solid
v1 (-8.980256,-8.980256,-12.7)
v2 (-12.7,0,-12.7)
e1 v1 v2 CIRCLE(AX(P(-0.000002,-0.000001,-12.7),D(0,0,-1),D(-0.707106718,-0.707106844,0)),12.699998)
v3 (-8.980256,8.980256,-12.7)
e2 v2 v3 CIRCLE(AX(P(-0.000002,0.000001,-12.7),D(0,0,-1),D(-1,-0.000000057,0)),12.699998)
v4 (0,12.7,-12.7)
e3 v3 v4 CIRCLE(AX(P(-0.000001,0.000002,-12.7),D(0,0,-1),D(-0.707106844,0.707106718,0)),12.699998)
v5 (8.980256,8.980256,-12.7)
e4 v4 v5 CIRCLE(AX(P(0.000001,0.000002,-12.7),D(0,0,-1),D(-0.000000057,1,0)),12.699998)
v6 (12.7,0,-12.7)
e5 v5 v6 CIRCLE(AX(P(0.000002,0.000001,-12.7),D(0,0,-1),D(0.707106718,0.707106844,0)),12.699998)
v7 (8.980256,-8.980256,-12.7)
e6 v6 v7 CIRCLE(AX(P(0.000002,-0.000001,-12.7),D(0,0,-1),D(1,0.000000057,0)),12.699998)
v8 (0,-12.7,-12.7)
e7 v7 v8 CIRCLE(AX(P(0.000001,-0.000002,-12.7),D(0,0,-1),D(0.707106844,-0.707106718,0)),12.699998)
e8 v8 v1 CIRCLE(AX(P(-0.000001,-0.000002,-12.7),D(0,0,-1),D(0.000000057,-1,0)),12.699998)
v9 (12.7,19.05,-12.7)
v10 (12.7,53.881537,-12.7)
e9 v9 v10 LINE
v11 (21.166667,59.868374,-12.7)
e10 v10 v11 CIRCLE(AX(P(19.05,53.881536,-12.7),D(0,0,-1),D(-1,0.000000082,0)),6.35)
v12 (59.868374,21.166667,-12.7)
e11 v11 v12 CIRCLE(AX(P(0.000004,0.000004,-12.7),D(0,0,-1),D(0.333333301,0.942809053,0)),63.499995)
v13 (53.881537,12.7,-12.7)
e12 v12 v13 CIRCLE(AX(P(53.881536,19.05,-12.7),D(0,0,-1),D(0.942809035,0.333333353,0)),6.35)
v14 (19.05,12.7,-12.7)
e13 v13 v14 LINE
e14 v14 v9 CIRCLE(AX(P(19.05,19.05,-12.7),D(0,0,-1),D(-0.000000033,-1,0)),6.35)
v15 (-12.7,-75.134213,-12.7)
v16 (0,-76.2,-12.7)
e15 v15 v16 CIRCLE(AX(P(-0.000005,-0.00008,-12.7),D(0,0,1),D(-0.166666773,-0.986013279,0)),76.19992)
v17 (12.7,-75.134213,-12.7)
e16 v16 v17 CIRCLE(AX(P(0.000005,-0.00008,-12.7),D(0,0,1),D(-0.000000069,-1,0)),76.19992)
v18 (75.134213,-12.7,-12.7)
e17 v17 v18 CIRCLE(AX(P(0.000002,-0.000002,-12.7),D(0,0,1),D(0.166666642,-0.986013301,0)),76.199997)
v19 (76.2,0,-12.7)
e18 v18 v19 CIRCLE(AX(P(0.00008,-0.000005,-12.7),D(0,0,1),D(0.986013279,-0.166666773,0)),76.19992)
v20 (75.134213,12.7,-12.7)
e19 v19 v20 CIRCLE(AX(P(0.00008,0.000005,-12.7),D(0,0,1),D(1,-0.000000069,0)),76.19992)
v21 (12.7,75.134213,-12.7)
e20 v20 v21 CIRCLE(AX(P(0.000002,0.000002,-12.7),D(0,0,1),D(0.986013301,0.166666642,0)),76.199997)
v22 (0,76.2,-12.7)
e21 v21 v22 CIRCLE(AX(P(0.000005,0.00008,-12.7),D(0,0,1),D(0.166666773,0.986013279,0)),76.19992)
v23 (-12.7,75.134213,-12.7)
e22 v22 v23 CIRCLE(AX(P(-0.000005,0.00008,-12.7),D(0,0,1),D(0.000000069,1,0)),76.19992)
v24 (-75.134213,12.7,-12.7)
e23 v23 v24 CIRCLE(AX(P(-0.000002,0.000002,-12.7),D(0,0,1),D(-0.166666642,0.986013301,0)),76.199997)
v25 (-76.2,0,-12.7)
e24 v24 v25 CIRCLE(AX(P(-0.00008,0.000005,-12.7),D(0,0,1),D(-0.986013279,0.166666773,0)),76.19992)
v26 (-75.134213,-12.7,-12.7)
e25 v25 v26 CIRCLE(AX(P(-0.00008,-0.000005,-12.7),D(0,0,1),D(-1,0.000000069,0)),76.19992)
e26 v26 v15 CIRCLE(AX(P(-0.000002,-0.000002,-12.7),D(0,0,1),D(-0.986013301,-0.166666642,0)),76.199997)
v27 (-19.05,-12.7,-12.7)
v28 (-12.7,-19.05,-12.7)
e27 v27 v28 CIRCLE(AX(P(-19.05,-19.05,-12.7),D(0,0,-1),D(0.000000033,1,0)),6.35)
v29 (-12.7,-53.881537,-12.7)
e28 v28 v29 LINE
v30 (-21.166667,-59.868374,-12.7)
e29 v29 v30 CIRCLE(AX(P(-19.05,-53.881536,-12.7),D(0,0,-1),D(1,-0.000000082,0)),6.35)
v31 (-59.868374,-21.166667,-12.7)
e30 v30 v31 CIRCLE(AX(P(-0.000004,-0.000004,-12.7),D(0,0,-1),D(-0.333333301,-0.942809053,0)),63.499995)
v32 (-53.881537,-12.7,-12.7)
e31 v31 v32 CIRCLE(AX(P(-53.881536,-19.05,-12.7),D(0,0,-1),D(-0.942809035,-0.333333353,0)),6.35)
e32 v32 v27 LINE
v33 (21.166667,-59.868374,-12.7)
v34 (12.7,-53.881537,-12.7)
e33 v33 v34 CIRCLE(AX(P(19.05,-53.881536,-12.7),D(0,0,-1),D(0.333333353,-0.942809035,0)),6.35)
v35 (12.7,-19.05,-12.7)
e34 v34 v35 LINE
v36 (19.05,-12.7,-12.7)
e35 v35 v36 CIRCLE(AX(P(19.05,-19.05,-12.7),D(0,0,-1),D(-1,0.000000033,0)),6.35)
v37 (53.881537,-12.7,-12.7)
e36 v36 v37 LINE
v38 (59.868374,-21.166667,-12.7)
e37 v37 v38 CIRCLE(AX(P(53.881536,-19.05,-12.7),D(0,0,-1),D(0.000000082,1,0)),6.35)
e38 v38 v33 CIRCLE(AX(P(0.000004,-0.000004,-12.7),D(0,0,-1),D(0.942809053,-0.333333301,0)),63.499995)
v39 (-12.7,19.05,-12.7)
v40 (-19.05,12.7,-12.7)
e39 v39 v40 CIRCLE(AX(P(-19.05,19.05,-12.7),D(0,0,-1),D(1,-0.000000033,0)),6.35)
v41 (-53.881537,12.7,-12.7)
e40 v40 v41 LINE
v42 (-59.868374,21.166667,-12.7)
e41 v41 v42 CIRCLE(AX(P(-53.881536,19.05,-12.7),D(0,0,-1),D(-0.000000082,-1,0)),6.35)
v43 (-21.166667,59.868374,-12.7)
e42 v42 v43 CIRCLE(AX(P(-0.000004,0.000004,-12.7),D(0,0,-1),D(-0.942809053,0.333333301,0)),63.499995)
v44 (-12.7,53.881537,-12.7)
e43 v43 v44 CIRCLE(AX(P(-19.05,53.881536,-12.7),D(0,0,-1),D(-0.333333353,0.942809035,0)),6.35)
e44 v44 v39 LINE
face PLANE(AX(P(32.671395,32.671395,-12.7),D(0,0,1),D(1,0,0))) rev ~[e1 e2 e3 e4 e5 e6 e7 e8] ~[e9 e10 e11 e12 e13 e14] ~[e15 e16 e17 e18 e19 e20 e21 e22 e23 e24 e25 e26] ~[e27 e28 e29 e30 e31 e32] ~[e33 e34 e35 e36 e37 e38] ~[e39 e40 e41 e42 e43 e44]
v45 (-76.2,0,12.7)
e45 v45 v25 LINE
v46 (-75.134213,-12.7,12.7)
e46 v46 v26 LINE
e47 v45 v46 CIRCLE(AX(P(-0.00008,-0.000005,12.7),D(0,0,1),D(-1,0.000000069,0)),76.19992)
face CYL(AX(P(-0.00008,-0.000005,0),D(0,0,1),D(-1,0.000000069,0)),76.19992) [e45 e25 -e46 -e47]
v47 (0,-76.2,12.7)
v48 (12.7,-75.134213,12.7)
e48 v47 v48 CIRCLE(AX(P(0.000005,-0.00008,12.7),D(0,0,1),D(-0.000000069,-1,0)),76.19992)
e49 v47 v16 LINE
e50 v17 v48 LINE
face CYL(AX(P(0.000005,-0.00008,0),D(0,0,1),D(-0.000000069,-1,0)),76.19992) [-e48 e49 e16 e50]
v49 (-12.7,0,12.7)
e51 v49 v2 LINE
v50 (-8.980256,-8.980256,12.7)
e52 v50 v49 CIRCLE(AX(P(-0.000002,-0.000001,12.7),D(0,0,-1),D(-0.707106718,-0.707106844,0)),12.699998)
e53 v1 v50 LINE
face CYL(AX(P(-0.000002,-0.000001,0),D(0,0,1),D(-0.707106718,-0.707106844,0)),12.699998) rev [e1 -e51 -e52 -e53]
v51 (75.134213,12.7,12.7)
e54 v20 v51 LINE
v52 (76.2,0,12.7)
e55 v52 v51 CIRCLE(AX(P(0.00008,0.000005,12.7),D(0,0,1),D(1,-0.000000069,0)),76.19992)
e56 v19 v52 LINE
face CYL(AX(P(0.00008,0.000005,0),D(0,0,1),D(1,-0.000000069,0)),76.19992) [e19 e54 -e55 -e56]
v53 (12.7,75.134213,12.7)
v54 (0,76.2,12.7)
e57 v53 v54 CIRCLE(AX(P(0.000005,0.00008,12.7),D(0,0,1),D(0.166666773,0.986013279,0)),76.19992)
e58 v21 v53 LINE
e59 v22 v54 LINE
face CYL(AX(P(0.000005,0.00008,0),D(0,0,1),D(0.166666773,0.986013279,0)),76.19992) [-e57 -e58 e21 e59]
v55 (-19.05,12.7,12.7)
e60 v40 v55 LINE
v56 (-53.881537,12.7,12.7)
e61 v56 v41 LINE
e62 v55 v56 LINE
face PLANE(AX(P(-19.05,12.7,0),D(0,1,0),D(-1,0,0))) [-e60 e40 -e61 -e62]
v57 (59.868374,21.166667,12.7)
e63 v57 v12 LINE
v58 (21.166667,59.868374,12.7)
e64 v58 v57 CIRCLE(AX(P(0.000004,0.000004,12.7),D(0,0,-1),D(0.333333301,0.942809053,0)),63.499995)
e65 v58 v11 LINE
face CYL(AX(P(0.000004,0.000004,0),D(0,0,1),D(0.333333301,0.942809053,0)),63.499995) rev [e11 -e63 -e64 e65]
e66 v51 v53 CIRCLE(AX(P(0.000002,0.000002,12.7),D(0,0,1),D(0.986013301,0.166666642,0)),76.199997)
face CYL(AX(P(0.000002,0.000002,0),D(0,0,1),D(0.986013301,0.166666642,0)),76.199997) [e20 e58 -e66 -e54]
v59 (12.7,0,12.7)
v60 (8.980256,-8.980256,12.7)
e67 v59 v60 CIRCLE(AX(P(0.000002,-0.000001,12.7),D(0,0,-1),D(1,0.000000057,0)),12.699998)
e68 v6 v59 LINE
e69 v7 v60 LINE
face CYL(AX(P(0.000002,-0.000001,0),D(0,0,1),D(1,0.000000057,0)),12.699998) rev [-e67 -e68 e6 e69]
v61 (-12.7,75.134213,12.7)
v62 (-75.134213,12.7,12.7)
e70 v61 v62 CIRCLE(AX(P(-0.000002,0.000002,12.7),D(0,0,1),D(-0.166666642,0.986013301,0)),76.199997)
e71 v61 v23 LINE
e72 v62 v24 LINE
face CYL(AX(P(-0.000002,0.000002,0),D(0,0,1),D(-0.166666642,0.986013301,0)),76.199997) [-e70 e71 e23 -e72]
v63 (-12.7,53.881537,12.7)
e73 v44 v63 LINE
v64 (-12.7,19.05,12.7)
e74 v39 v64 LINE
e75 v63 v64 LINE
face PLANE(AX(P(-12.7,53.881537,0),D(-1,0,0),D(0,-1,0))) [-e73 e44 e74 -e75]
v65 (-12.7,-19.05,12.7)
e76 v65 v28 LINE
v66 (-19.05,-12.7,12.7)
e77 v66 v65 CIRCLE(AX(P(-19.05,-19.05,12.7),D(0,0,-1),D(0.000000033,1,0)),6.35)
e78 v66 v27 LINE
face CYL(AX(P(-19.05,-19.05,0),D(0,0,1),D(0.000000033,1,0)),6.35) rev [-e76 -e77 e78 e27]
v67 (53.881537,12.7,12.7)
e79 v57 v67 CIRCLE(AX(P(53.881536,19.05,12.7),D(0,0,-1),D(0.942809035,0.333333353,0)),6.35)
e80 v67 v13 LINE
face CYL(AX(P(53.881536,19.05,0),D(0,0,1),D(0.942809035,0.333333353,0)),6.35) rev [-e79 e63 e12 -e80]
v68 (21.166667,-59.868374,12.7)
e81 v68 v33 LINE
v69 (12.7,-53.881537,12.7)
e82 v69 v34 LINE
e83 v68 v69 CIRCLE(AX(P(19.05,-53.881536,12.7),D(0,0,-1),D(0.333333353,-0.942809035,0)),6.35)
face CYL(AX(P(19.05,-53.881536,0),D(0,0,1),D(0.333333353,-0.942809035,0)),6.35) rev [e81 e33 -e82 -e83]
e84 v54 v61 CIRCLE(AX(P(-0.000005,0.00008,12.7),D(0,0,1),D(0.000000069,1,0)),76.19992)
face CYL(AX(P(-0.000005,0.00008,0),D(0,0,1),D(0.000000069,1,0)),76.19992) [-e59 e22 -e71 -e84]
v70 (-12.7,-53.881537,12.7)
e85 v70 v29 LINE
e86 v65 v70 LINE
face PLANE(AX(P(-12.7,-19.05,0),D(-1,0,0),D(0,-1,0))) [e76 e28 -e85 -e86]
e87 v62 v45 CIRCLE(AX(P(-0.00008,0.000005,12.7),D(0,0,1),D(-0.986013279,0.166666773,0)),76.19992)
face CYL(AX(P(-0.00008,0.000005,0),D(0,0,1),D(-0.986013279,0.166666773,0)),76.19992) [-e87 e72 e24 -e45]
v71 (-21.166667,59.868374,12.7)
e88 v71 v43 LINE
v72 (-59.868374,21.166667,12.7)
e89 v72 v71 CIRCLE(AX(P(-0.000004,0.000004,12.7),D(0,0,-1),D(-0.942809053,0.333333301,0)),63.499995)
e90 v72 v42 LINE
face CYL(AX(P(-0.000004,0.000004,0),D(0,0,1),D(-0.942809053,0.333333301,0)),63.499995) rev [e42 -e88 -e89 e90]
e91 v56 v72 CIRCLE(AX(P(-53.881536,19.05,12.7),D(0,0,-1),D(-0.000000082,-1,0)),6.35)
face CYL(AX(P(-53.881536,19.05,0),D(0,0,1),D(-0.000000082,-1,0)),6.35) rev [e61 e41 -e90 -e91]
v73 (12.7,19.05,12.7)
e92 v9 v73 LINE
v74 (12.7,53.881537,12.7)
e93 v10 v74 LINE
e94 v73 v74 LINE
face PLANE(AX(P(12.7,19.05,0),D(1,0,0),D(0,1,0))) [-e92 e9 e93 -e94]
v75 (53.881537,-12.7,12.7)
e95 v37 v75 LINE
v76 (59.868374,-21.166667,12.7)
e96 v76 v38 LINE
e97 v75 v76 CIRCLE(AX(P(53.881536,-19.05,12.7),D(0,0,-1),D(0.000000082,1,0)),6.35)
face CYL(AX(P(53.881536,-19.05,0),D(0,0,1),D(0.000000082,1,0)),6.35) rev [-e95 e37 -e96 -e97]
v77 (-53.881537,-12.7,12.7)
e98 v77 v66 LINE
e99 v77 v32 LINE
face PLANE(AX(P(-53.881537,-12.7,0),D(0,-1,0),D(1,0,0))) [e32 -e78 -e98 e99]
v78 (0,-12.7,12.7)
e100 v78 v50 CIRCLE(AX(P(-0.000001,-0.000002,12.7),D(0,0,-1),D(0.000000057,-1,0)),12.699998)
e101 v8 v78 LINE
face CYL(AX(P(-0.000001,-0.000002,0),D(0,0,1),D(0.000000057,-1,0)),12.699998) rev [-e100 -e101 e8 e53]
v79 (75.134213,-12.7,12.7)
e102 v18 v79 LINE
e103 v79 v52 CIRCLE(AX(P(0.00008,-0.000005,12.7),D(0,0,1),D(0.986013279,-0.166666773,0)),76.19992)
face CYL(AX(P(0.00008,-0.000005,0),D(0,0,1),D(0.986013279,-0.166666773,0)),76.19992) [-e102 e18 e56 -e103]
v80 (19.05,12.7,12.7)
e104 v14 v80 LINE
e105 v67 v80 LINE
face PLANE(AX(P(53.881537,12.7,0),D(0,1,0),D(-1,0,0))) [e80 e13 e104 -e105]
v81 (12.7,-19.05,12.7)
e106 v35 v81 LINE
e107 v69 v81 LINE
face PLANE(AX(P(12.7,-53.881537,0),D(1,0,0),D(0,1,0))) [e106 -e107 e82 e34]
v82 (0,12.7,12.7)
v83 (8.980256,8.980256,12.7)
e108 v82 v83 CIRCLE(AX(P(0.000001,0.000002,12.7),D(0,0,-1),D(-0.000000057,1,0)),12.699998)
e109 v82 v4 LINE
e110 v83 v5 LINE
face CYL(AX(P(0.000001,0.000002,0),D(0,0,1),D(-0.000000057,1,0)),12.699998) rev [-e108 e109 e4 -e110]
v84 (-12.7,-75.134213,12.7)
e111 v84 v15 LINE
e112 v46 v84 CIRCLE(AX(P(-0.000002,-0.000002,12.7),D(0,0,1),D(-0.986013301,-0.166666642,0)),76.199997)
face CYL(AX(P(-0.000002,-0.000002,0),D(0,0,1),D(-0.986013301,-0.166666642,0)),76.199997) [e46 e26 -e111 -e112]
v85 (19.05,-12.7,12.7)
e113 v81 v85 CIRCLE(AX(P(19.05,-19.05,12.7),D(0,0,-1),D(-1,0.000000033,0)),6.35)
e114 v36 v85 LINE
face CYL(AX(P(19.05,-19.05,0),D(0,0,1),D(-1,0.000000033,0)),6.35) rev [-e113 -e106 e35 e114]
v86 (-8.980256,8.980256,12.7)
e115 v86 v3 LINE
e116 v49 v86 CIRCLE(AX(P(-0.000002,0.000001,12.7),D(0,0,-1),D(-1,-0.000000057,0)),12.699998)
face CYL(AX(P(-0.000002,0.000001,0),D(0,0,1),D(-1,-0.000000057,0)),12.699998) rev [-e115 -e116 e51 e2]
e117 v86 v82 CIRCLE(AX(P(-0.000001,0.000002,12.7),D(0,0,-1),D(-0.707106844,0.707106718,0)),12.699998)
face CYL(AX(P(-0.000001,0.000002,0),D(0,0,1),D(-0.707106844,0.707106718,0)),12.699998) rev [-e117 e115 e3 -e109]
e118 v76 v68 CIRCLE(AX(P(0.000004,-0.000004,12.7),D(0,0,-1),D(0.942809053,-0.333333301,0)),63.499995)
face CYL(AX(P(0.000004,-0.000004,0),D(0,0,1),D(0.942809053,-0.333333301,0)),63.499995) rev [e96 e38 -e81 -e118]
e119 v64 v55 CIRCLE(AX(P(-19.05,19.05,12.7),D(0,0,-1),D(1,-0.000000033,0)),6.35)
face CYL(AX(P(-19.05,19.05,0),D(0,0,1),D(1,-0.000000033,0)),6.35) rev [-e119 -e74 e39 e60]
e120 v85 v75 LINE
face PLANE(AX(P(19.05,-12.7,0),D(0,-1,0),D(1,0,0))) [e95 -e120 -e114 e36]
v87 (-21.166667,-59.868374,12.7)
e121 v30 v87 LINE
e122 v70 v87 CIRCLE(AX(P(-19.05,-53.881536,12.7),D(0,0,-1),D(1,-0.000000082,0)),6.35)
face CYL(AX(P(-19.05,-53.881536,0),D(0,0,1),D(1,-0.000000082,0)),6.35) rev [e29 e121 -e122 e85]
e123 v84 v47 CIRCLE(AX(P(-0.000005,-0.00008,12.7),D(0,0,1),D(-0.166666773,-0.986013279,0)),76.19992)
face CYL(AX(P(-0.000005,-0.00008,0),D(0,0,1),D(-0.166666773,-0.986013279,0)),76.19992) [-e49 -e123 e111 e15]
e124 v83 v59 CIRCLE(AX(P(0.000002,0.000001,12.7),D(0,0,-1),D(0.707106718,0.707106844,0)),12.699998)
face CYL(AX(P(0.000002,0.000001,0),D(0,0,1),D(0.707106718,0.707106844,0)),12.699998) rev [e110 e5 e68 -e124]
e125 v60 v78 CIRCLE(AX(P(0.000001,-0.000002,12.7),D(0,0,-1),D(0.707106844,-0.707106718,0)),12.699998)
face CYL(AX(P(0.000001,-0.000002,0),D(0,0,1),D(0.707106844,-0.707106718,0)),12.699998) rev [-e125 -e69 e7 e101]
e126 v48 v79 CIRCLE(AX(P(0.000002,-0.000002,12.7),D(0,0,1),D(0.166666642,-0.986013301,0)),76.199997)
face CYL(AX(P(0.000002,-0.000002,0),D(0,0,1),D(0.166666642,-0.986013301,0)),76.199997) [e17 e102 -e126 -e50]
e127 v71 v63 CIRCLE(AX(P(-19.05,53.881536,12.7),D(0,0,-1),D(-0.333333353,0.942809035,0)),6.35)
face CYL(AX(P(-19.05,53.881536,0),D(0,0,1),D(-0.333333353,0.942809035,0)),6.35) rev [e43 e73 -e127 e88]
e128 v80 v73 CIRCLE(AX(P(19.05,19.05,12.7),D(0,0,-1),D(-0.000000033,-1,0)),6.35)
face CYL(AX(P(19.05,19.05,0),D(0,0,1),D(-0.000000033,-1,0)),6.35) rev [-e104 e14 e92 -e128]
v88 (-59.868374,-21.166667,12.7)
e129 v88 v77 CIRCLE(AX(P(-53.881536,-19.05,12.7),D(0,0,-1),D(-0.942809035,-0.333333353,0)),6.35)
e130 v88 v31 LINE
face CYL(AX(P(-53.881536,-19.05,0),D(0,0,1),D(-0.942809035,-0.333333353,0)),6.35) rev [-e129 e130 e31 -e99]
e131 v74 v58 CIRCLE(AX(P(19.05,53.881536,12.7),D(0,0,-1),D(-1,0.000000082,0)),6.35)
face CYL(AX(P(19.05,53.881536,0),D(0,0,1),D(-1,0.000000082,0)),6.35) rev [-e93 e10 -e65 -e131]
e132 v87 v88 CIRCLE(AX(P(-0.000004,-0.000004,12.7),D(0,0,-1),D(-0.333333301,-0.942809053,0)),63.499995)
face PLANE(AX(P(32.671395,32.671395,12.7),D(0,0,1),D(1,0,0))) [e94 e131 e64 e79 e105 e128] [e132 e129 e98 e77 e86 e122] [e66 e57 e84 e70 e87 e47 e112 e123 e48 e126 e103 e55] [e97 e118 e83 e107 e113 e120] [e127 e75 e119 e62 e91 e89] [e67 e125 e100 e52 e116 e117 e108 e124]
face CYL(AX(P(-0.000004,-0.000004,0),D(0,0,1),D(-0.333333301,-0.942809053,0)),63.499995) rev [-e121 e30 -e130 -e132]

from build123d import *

# Parameters (mm, degrees)
F1_DEPTH = 12.7


with BuildPart() as f1:
    # F0 (on Top) → F1 (new body, symmetric)
    with BuildSketch(Plane.XY):
        with BuildLine():
            Line((12.7, 0), (76.2, 0))
            ThreePointArc((76.2, 0), (75.933086, 6.372321), (75.134213, 12.7))
            ThreePointArc((75.134213, 12.7), (53.881537, 53.881537), (12.7, 75.134213))
            ThreePointArc((12.7, 75.134213), (6.372321, 75.933086), (0, 76.2))
            Line((0, 76.2), (0, 12.7))
            ThreePointArc((0, 12.7), (4.86008, 11.73327), (8.980256, 8.980256))
            ThreePointArc((8.980256, 8.980256), (11.73327, 4.86008), (12.7, 0))
        make_face()
        with BuildLine():
            ThreePointArc((19.05, 12.7), (14.559872, 14.559872), (12.7, 19.05))
            Line((12.7, 19.05), (12.7, 53.881537))
            ThreePointArc((12.7, 53.881537), (15.383826, 59.06629), (21.166667, 59.868374))
            ThreePointArc((21.166667, 59.868374), (44.901281, 44.901281), (59.868374, 21.166667))
            ThreePointArc((59.868374, 21.166667), (59.06629, 15.383826), (53.881537, 12.7))
            Line((53.881537, 12.7), (19.05, 12.7))
        make_face(mode=Mode.SUBTRACT)
        with BuildLine():
            ThreePointArc((75.134213, -12.7), (75.933086, -6.372321), (76.2, 0))
            Line((76.2, 0), (12.7, 0))
            ThreePointArc((12.7, 0), (11.73327, -4.86008), (8.980256, -8.980256))
            ThreePointArc((8.980256, -8.980256), (4.86008, -11.73327), (0, -12.7))
            Line((0, -12.7), (0, -76.2))
            ThreePointArc((0, -76.2), (6.372321, -75.933086), (12.7, -75.134213))
            ThreePointArc((12.7, -75.134213), (53.881537, -53.881537), (75.134213, -12.7))
        make_face()
        with BuildLine():
            ThreePointArc((12.7, -19.05), (14.559872, -14.559872), (19.05, -12.7))
            Line((19.05, -12.7), (53.881537, -12.7))
            ThreePointArc((53.881537, -12.7), (59.06629, -15.383826), (59.868374, -21.166667))
            ThreePointArc((59.868374, -21.166667), (44.901281, -44.901281), (21.166667, -59.868374))
            ThreePointArc((21.166667, -59.868374), (15.383826, -59.06629), (12.7, -53.881537))
            Line((12.7, -53.881537), (12.7, -19.05))
        make_face(mode=Mode.SUBTRACT)
        with BuildLine():
            Line((0, 12.7), (0, 76.2))
            ThreePointArc((0, 76.2), (-6.372321, 75.933086), (-12.7, 75.134213))
            ThreePointArc((-12.7, 75.134213), (-53.881537, 53.881537), (-75.134213, 12.7))
            ThreePointArc((-75.134213, 12.7), (-75.933086, 6.372321), (-76.2, 0))
            Line((-76.2, 0), (-12.7, 0))
            ThreePointArc((-12.7, 0), (-11.73327, 4.86008), (-8.980256, 8.980256))
            ThreePointArc((-8.980256, 8.980256), (-4.86008, 11.73327), (0, 12.7))
        make_face()
        with BuildLine():
            Line((-12.7, 53.881537), (-12.7, 19.05))
            ThreePointArc((-12.7, 19.05), (-14.559872, 14.559872), (-19.05, 12.7))
            Line((-19.05, 12.7), (-53.881537, 12.7))
            ThreePointArc((-53.881537, 12.7), (-59.06629, 15.383826), (-59.868374, 21.166667))
            ThreePointArc((-59.868374, 21.166667), (-44.901281, 44.901281), (-21.166667, 59.868374))
            ThreePointArc((-21.166667, 59.868374), (-15.383826, 59.06629), (-12.7, 53.881537))
        make_face(mode=Mode.SUBTRACT)
        with BuildLine():
            ThreePointArc((-12.7, -75.134213), (-6.372321, -75.933086), (0, -76.2))
            Line((0, -76.2), (0, -12.7))
            ThreePointArc((0, -12.7), (-4.86008, -11.73327), (-8.980256, -8.980256))
            ThreePointArc((-8.980256, -8.980256), (-11.73327, -4.86008), (-12.7, 0))
            Line((-12.7, 0), (-76.2, 0))
            ThreePointArc((-76.2, 0), (-75.933086, -6.372321), (-75.134213, -12.7))
            ThreePointArc((-75.134213, -12.7), (-53.881537, -53.881537), (-12.7, -75.134213))
        make_face()
        with BuildLine():
            ThreePointArc((-21.166667, -59.868374), (-44.901281, -44.901281), (-59.868374, -21.166667))
            ThreePointArc((-59.868374, -21.166667), (-59.06629, -15.383826), (-53.881537, -12.7))
            Line((-53.881537, -12.7), (-19.05, -12.7))
            ThreePointArc((-19.05, -12.7), (-14.559872, -14.559872), (-12.7, -19.05))
            Line((-12.7, -19.05), (-12.7, -53.881537))
            ThreePointArc((-12.7, -53.881537), (-15.383826, -59.06629), (-21.166667, -59.868374))
        make_face(mode=Mode.SUBTRACT)
    extrude(amount=F1_DEPTH, both=True)


solid = f1.part
